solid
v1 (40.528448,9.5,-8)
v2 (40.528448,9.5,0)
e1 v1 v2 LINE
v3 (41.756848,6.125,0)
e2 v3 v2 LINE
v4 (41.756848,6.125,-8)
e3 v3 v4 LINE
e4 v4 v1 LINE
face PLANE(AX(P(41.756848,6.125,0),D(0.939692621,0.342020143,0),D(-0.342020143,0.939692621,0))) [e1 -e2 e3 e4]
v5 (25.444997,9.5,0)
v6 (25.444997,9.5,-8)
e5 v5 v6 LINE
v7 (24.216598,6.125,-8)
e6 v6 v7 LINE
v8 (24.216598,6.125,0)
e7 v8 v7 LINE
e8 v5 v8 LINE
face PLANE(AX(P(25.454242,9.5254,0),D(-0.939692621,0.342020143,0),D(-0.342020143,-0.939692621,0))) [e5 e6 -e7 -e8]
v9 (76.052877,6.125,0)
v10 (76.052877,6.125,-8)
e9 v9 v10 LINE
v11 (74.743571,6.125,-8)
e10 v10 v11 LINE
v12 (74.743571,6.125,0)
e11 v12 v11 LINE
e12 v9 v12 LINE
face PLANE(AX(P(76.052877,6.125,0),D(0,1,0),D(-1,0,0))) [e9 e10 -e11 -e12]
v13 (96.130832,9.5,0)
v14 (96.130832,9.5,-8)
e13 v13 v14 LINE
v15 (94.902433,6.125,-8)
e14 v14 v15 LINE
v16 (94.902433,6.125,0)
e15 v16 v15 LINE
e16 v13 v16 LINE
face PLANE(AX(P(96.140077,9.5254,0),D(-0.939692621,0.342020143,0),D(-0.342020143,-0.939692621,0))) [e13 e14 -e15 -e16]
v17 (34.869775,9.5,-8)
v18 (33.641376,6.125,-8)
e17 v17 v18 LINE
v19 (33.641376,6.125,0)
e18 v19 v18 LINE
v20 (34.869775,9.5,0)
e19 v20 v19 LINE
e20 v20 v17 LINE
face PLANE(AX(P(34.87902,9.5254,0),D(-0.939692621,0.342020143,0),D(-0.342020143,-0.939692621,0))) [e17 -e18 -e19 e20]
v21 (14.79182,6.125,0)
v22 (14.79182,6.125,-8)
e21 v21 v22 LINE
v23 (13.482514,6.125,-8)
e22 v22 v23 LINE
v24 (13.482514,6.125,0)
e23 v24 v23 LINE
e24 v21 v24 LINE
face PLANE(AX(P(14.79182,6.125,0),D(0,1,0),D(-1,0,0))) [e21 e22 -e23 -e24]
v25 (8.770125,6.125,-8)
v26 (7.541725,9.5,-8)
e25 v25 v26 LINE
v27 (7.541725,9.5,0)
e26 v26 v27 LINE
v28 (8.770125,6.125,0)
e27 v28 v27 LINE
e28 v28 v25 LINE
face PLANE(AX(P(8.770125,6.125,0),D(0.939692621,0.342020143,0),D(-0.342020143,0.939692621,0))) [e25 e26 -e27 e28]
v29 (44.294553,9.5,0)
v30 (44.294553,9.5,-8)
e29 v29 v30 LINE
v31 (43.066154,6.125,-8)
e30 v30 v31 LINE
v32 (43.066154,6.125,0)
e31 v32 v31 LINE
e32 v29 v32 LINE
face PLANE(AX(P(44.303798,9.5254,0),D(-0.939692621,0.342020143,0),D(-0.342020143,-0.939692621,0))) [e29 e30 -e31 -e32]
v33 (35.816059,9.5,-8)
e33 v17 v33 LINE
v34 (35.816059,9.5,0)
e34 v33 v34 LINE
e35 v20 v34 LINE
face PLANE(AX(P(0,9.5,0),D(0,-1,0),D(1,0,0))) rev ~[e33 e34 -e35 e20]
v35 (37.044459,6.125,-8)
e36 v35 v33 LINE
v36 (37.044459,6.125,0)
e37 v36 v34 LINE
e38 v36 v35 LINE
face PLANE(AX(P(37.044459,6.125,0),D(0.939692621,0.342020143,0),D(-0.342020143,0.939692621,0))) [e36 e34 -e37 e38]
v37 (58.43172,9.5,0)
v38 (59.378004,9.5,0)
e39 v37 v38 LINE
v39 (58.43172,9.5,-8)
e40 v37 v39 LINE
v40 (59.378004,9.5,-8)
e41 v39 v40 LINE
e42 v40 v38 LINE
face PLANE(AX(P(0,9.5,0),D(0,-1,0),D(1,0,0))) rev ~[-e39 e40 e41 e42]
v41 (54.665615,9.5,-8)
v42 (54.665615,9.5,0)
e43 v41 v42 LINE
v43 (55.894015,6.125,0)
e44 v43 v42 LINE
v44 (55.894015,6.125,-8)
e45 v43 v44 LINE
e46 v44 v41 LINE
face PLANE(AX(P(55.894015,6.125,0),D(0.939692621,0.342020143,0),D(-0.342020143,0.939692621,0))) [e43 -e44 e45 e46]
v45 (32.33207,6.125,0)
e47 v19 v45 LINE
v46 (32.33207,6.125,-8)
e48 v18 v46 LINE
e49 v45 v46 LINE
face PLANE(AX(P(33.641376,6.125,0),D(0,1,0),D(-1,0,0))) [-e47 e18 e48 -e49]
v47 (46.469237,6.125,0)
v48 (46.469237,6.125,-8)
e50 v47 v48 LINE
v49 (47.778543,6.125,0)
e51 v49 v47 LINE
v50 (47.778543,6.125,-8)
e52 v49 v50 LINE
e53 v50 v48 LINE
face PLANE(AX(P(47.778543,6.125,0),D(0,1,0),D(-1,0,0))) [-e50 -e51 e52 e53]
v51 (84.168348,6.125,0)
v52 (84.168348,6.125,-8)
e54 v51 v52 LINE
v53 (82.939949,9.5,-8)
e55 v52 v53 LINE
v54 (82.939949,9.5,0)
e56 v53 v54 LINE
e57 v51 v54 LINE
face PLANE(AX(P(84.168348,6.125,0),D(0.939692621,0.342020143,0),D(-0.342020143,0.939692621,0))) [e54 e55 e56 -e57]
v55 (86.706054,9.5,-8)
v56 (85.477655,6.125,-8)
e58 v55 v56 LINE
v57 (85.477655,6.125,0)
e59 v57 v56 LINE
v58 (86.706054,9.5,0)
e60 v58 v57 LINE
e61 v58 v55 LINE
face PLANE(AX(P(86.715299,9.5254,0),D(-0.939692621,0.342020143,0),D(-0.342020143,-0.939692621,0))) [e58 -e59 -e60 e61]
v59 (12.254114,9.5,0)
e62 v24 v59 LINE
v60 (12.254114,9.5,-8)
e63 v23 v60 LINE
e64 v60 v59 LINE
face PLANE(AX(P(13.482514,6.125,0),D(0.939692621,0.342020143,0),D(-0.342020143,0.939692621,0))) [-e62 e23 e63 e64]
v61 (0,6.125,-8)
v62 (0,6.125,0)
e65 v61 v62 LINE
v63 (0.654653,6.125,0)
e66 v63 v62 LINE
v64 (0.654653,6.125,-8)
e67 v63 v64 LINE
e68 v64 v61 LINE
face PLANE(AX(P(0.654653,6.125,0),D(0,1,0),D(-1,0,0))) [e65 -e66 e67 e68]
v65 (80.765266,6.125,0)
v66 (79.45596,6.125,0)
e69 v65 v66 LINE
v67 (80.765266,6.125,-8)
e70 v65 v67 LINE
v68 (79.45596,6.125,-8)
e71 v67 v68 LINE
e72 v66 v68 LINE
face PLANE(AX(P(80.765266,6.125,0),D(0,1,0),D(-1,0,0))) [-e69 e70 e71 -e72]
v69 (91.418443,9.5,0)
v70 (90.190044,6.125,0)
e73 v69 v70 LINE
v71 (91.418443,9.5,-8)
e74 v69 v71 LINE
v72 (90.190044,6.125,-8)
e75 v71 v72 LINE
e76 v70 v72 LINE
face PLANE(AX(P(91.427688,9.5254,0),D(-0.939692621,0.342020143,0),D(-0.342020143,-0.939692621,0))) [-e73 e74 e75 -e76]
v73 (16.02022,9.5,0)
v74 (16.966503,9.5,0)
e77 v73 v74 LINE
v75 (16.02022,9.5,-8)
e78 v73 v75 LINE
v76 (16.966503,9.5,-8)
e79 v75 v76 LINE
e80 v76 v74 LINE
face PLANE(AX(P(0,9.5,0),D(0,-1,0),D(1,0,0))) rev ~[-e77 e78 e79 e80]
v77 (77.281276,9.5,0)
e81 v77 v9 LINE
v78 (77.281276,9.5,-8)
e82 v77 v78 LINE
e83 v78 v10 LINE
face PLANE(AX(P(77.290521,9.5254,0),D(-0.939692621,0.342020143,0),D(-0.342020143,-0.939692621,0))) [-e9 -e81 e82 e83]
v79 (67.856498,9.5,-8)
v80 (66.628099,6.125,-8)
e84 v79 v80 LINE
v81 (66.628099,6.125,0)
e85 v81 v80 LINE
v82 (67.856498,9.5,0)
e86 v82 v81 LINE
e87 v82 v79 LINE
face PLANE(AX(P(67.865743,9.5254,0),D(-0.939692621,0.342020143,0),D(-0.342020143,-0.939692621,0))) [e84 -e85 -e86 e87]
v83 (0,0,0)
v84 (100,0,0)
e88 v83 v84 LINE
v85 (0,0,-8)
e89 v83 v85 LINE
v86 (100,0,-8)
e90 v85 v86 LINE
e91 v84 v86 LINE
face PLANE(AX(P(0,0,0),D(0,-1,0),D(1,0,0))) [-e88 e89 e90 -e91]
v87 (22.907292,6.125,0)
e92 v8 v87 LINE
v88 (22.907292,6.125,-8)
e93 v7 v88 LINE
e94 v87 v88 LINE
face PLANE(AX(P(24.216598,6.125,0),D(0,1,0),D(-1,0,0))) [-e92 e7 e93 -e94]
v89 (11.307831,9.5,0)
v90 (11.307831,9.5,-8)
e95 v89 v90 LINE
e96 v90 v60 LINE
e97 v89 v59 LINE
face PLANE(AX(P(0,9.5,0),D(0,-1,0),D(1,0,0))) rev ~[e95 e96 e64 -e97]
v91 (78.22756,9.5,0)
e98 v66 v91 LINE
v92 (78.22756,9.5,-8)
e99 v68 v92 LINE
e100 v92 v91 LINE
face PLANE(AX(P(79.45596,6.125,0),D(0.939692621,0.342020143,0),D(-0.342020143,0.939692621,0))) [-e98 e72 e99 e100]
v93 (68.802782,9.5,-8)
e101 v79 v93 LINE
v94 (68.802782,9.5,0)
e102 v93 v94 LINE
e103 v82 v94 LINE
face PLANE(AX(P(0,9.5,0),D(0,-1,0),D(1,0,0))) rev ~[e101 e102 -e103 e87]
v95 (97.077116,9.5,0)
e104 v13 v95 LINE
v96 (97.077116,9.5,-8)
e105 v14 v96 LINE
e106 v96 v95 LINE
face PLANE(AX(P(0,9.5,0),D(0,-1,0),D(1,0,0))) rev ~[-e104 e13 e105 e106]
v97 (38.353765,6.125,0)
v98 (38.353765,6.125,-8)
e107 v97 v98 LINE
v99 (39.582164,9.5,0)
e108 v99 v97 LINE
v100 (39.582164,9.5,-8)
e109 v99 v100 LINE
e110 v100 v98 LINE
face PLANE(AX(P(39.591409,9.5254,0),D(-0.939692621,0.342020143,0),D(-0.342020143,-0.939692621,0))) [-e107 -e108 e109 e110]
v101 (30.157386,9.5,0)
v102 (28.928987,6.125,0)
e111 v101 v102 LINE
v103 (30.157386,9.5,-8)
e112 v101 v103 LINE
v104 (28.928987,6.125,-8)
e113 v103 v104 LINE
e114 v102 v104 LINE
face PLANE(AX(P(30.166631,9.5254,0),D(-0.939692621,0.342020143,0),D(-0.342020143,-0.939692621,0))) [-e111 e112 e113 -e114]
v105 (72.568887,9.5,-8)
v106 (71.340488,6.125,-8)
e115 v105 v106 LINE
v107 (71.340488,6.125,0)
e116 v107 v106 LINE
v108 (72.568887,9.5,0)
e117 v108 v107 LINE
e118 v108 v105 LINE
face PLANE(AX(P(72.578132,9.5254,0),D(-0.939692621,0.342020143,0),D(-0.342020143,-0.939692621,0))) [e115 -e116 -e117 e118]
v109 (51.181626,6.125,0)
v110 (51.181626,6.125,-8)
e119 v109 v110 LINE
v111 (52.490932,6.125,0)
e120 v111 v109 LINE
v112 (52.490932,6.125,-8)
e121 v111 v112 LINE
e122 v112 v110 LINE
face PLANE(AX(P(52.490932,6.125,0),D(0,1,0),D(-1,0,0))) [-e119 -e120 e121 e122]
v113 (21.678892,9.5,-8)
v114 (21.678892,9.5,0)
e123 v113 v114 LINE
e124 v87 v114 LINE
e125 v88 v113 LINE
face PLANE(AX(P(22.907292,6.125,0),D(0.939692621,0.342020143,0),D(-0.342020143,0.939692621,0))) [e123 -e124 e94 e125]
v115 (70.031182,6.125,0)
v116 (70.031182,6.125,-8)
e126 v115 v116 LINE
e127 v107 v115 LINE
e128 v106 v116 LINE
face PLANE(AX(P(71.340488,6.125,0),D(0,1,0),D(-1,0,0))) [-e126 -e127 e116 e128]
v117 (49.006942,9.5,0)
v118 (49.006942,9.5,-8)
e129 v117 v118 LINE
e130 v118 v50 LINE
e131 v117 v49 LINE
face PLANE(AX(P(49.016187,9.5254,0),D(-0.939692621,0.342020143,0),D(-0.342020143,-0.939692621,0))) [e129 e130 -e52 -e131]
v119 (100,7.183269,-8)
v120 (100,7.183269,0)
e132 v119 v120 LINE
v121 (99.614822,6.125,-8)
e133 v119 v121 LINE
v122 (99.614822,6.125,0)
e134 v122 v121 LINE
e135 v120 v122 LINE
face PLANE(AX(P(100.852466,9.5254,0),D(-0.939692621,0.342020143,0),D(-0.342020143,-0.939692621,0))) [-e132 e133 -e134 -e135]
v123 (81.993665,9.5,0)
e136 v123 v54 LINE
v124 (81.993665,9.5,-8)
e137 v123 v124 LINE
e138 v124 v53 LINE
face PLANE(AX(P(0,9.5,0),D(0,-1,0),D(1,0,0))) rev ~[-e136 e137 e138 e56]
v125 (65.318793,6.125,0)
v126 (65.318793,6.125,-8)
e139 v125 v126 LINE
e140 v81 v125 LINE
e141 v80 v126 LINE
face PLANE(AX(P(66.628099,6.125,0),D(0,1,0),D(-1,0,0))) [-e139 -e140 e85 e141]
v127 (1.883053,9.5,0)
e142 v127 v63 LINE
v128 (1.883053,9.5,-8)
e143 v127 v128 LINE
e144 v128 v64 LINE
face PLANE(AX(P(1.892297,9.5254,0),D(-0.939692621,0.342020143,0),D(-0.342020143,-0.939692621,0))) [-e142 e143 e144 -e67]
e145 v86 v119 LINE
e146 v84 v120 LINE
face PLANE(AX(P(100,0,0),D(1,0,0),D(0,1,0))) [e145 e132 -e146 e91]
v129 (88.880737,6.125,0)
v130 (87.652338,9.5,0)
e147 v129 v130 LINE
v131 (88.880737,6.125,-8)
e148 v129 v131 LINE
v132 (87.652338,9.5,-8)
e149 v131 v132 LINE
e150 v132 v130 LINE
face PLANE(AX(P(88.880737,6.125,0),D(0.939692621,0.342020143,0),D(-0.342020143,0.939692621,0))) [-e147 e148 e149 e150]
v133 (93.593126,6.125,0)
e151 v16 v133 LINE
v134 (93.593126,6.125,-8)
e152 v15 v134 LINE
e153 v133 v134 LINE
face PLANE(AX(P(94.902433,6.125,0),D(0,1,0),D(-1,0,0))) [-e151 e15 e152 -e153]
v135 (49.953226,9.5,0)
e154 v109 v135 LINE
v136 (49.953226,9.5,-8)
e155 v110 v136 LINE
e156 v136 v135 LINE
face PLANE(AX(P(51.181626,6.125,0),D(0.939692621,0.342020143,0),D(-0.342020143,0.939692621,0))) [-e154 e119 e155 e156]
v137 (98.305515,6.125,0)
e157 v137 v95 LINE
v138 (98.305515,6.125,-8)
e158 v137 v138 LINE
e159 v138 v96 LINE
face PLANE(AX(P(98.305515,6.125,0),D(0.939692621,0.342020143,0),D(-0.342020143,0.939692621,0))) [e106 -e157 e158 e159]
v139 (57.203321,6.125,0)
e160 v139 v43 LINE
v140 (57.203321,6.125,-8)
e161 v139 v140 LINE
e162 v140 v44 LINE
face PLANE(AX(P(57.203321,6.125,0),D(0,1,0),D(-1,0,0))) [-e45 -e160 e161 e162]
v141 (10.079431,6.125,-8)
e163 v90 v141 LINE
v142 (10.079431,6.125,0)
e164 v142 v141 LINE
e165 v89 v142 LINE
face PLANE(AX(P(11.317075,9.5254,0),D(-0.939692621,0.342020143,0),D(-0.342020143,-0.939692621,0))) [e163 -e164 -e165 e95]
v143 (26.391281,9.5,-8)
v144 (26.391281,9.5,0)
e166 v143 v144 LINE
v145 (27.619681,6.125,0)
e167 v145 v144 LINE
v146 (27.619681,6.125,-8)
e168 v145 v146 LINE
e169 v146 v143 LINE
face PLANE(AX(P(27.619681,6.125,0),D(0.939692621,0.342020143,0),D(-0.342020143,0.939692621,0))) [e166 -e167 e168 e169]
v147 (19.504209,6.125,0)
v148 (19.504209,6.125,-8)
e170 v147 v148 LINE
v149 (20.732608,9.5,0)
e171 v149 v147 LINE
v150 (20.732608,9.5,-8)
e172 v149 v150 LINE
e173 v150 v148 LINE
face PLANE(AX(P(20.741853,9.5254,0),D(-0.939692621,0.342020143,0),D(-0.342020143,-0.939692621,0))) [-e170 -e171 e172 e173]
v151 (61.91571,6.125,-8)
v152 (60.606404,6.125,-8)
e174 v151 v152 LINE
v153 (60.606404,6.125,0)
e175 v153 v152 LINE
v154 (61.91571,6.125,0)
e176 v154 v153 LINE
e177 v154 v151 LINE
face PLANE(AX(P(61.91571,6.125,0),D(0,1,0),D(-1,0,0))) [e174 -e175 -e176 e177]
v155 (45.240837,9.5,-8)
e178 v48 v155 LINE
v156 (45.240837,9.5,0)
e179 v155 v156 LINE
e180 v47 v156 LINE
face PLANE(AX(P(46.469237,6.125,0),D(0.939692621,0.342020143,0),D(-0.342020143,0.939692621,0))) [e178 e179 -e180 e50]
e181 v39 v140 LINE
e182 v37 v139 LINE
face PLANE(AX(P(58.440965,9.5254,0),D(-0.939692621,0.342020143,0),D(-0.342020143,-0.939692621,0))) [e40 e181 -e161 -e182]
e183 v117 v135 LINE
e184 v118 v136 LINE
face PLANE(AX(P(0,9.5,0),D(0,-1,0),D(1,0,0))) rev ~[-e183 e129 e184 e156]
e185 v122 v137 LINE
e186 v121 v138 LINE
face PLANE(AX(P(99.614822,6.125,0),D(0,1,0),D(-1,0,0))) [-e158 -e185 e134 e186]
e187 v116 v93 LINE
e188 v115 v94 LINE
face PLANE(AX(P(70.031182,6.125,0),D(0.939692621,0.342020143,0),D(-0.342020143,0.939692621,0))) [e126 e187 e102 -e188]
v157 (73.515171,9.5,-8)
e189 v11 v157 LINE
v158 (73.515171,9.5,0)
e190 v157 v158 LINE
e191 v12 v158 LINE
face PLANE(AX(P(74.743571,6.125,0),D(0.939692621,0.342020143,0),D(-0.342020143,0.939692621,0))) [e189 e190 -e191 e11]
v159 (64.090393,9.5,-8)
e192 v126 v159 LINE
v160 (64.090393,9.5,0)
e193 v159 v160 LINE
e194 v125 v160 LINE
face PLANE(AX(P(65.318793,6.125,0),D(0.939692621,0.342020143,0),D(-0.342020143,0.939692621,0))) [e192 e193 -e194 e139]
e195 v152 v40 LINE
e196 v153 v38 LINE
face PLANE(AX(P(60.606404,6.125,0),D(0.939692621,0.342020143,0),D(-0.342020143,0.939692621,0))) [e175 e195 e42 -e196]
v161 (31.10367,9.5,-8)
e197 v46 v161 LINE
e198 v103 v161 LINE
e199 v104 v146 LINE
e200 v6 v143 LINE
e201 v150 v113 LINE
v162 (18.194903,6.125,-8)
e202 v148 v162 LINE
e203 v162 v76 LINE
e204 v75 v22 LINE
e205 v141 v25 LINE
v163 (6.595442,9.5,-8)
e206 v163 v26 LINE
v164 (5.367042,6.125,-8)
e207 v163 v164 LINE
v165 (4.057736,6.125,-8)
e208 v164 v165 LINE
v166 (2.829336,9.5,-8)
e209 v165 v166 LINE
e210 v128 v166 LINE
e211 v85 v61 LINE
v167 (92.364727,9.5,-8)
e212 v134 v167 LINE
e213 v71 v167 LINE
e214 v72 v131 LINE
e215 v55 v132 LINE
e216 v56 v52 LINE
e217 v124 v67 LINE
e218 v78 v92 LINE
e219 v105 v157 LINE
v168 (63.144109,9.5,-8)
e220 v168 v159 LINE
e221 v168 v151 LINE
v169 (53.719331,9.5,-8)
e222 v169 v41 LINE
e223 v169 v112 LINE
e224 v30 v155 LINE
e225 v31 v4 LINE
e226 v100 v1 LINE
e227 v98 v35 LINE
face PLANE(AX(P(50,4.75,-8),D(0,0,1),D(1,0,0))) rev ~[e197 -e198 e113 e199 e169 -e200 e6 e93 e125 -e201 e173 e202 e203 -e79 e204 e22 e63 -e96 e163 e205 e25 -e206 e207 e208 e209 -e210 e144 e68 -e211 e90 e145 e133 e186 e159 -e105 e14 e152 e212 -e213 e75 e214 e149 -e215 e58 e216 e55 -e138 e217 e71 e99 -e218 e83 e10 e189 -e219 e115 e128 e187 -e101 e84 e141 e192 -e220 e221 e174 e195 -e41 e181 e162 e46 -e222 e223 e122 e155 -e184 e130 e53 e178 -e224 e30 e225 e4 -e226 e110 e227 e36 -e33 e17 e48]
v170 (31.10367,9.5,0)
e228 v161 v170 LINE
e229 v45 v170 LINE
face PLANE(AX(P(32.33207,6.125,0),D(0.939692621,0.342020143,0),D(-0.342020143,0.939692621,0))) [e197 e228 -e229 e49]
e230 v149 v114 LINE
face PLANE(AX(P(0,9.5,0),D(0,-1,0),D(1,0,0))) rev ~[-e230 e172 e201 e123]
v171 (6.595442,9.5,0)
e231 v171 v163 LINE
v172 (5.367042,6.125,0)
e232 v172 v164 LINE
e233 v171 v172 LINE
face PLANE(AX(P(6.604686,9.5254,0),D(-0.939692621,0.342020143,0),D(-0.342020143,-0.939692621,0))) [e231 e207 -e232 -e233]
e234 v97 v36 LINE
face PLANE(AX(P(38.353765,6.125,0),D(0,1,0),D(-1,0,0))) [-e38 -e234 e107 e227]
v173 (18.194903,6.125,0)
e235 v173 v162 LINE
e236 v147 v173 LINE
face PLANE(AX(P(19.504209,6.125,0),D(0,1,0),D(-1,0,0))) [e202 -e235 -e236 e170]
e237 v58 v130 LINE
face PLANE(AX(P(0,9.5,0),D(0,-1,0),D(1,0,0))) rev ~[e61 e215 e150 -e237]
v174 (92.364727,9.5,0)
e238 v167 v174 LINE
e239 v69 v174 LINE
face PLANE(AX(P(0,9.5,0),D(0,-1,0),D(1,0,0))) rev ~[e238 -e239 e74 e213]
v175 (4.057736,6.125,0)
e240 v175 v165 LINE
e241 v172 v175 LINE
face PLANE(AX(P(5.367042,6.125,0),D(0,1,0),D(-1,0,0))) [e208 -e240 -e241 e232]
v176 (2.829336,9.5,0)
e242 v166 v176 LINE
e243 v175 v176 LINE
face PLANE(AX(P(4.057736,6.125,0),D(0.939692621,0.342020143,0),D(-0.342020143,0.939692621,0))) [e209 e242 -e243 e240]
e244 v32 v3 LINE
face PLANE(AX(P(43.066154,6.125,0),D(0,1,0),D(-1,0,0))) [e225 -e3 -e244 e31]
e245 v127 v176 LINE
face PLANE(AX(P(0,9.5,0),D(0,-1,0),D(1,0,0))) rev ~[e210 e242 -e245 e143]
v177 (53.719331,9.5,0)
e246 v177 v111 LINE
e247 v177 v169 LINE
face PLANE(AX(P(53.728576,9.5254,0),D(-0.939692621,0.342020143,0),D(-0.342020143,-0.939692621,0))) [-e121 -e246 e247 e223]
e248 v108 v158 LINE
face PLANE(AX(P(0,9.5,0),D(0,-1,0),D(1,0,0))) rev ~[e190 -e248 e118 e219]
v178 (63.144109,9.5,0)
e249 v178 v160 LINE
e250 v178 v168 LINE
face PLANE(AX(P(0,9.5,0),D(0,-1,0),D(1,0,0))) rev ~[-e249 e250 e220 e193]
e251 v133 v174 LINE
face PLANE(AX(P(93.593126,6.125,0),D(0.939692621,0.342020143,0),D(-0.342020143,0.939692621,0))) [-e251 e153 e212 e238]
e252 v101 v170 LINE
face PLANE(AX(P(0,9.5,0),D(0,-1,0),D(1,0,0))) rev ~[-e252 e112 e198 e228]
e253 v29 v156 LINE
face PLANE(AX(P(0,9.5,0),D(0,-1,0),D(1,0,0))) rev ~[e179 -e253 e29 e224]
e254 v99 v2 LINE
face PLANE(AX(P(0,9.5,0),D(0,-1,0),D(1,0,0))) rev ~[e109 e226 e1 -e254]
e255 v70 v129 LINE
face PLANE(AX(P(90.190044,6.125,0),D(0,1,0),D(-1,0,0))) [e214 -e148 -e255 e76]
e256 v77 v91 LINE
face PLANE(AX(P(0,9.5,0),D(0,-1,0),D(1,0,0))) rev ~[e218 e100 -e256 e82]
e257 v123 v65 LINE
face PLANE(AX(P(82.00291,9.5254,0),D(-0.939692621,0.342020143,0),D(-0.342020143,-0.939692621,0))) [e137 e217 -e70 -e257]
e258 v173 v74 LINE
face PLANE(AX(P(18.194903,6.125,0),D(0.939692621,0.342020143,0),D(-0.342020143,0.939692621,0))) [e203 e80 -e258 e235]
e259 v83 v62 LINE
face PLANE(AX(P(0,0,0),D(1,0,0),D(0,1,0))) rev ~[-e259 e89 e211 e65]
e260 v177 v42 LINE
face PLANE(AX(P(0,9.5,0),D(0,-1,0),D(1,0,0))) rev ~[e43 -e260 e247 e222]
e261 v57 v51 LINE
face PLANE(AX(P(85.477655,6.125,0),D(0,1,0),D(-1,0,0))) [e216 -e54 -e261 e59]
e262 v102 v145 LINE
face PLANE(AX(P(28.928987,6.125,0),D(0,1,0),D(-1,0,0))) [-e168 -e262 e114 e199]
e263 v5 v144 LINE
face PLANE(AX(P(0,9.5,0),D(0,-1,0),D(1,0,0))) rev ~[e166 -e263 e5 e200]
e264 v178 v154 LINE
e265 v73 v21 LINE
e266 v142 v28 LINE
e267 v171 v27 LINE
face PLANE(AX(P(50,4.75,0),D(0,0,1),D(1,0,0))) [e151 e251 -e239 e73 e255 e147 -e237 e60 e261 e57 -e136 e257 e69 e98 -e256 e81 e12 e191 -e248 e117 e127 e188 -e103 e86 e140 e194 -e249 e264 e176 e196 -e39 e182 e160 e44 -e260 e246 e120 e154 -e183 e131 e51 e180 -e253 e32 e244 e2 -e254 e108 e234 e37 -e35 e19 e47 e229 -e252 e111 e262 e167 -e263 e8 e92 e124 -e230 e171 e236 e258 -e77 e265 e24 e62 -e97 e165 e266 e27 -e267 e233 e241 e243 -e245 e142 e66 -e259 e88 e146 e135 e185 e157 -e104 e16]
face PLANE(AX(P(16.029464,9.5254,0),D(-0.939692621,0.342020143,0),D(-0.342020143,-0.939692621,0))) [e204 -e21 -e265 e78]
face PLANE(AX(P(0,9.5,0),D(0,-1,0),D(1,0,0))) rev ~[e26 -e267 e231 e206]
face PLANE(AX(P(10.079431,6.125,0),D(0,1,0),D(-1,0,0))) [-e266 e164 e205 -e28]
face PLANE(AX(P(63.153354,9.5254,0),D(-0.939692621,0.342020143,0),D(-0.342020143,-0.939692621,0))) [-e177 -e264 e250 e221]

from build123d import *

# Parameters (mm, degrees)
BLANKSKE_W        = 100
BLANKSKE_H        = 9.5
BLANK_DEPTH       = 8
TOOTHCUTSIM_DEPTH = 101.768298586
TEETHCUTS_COUNT   = 22
TEETHCUTS_PITCH   = 4.712388975


with BuildPart() as part:
    # BlankSke → Blank (new body)
    with BuildSketch(Plane.XY):
        with Locations((50, 4.75)):
            Rectangle(BLANKSKE_W, BLANKSKE_H)
    extrude(amount=-BLANK_DEPTH)

    # TooCutSkeSim → ToothCutSim (cut, through all)
    with BuildSketch(Plane.XY):
        Polygon((0.654653055, 6.125), (-0.654653055, 6.125), (-1.892297439, 9.5254), (1.892297439, 9.5254), align=None)
    toothcutsim = extrude(amount=-TOOTHCUTSIM_DEPTH, mode=Mode.SUBTRACT)

    # TeethCuts: ToothCutSim ×22
    with Locations(*[(i * TEETHCUTS_PITCH, 0, 0) for i in range(1, TEETHCUTS_COUNT)]):
        add(toothcutsim, mode=Mode.SUBTRACT)


solid = part.part
